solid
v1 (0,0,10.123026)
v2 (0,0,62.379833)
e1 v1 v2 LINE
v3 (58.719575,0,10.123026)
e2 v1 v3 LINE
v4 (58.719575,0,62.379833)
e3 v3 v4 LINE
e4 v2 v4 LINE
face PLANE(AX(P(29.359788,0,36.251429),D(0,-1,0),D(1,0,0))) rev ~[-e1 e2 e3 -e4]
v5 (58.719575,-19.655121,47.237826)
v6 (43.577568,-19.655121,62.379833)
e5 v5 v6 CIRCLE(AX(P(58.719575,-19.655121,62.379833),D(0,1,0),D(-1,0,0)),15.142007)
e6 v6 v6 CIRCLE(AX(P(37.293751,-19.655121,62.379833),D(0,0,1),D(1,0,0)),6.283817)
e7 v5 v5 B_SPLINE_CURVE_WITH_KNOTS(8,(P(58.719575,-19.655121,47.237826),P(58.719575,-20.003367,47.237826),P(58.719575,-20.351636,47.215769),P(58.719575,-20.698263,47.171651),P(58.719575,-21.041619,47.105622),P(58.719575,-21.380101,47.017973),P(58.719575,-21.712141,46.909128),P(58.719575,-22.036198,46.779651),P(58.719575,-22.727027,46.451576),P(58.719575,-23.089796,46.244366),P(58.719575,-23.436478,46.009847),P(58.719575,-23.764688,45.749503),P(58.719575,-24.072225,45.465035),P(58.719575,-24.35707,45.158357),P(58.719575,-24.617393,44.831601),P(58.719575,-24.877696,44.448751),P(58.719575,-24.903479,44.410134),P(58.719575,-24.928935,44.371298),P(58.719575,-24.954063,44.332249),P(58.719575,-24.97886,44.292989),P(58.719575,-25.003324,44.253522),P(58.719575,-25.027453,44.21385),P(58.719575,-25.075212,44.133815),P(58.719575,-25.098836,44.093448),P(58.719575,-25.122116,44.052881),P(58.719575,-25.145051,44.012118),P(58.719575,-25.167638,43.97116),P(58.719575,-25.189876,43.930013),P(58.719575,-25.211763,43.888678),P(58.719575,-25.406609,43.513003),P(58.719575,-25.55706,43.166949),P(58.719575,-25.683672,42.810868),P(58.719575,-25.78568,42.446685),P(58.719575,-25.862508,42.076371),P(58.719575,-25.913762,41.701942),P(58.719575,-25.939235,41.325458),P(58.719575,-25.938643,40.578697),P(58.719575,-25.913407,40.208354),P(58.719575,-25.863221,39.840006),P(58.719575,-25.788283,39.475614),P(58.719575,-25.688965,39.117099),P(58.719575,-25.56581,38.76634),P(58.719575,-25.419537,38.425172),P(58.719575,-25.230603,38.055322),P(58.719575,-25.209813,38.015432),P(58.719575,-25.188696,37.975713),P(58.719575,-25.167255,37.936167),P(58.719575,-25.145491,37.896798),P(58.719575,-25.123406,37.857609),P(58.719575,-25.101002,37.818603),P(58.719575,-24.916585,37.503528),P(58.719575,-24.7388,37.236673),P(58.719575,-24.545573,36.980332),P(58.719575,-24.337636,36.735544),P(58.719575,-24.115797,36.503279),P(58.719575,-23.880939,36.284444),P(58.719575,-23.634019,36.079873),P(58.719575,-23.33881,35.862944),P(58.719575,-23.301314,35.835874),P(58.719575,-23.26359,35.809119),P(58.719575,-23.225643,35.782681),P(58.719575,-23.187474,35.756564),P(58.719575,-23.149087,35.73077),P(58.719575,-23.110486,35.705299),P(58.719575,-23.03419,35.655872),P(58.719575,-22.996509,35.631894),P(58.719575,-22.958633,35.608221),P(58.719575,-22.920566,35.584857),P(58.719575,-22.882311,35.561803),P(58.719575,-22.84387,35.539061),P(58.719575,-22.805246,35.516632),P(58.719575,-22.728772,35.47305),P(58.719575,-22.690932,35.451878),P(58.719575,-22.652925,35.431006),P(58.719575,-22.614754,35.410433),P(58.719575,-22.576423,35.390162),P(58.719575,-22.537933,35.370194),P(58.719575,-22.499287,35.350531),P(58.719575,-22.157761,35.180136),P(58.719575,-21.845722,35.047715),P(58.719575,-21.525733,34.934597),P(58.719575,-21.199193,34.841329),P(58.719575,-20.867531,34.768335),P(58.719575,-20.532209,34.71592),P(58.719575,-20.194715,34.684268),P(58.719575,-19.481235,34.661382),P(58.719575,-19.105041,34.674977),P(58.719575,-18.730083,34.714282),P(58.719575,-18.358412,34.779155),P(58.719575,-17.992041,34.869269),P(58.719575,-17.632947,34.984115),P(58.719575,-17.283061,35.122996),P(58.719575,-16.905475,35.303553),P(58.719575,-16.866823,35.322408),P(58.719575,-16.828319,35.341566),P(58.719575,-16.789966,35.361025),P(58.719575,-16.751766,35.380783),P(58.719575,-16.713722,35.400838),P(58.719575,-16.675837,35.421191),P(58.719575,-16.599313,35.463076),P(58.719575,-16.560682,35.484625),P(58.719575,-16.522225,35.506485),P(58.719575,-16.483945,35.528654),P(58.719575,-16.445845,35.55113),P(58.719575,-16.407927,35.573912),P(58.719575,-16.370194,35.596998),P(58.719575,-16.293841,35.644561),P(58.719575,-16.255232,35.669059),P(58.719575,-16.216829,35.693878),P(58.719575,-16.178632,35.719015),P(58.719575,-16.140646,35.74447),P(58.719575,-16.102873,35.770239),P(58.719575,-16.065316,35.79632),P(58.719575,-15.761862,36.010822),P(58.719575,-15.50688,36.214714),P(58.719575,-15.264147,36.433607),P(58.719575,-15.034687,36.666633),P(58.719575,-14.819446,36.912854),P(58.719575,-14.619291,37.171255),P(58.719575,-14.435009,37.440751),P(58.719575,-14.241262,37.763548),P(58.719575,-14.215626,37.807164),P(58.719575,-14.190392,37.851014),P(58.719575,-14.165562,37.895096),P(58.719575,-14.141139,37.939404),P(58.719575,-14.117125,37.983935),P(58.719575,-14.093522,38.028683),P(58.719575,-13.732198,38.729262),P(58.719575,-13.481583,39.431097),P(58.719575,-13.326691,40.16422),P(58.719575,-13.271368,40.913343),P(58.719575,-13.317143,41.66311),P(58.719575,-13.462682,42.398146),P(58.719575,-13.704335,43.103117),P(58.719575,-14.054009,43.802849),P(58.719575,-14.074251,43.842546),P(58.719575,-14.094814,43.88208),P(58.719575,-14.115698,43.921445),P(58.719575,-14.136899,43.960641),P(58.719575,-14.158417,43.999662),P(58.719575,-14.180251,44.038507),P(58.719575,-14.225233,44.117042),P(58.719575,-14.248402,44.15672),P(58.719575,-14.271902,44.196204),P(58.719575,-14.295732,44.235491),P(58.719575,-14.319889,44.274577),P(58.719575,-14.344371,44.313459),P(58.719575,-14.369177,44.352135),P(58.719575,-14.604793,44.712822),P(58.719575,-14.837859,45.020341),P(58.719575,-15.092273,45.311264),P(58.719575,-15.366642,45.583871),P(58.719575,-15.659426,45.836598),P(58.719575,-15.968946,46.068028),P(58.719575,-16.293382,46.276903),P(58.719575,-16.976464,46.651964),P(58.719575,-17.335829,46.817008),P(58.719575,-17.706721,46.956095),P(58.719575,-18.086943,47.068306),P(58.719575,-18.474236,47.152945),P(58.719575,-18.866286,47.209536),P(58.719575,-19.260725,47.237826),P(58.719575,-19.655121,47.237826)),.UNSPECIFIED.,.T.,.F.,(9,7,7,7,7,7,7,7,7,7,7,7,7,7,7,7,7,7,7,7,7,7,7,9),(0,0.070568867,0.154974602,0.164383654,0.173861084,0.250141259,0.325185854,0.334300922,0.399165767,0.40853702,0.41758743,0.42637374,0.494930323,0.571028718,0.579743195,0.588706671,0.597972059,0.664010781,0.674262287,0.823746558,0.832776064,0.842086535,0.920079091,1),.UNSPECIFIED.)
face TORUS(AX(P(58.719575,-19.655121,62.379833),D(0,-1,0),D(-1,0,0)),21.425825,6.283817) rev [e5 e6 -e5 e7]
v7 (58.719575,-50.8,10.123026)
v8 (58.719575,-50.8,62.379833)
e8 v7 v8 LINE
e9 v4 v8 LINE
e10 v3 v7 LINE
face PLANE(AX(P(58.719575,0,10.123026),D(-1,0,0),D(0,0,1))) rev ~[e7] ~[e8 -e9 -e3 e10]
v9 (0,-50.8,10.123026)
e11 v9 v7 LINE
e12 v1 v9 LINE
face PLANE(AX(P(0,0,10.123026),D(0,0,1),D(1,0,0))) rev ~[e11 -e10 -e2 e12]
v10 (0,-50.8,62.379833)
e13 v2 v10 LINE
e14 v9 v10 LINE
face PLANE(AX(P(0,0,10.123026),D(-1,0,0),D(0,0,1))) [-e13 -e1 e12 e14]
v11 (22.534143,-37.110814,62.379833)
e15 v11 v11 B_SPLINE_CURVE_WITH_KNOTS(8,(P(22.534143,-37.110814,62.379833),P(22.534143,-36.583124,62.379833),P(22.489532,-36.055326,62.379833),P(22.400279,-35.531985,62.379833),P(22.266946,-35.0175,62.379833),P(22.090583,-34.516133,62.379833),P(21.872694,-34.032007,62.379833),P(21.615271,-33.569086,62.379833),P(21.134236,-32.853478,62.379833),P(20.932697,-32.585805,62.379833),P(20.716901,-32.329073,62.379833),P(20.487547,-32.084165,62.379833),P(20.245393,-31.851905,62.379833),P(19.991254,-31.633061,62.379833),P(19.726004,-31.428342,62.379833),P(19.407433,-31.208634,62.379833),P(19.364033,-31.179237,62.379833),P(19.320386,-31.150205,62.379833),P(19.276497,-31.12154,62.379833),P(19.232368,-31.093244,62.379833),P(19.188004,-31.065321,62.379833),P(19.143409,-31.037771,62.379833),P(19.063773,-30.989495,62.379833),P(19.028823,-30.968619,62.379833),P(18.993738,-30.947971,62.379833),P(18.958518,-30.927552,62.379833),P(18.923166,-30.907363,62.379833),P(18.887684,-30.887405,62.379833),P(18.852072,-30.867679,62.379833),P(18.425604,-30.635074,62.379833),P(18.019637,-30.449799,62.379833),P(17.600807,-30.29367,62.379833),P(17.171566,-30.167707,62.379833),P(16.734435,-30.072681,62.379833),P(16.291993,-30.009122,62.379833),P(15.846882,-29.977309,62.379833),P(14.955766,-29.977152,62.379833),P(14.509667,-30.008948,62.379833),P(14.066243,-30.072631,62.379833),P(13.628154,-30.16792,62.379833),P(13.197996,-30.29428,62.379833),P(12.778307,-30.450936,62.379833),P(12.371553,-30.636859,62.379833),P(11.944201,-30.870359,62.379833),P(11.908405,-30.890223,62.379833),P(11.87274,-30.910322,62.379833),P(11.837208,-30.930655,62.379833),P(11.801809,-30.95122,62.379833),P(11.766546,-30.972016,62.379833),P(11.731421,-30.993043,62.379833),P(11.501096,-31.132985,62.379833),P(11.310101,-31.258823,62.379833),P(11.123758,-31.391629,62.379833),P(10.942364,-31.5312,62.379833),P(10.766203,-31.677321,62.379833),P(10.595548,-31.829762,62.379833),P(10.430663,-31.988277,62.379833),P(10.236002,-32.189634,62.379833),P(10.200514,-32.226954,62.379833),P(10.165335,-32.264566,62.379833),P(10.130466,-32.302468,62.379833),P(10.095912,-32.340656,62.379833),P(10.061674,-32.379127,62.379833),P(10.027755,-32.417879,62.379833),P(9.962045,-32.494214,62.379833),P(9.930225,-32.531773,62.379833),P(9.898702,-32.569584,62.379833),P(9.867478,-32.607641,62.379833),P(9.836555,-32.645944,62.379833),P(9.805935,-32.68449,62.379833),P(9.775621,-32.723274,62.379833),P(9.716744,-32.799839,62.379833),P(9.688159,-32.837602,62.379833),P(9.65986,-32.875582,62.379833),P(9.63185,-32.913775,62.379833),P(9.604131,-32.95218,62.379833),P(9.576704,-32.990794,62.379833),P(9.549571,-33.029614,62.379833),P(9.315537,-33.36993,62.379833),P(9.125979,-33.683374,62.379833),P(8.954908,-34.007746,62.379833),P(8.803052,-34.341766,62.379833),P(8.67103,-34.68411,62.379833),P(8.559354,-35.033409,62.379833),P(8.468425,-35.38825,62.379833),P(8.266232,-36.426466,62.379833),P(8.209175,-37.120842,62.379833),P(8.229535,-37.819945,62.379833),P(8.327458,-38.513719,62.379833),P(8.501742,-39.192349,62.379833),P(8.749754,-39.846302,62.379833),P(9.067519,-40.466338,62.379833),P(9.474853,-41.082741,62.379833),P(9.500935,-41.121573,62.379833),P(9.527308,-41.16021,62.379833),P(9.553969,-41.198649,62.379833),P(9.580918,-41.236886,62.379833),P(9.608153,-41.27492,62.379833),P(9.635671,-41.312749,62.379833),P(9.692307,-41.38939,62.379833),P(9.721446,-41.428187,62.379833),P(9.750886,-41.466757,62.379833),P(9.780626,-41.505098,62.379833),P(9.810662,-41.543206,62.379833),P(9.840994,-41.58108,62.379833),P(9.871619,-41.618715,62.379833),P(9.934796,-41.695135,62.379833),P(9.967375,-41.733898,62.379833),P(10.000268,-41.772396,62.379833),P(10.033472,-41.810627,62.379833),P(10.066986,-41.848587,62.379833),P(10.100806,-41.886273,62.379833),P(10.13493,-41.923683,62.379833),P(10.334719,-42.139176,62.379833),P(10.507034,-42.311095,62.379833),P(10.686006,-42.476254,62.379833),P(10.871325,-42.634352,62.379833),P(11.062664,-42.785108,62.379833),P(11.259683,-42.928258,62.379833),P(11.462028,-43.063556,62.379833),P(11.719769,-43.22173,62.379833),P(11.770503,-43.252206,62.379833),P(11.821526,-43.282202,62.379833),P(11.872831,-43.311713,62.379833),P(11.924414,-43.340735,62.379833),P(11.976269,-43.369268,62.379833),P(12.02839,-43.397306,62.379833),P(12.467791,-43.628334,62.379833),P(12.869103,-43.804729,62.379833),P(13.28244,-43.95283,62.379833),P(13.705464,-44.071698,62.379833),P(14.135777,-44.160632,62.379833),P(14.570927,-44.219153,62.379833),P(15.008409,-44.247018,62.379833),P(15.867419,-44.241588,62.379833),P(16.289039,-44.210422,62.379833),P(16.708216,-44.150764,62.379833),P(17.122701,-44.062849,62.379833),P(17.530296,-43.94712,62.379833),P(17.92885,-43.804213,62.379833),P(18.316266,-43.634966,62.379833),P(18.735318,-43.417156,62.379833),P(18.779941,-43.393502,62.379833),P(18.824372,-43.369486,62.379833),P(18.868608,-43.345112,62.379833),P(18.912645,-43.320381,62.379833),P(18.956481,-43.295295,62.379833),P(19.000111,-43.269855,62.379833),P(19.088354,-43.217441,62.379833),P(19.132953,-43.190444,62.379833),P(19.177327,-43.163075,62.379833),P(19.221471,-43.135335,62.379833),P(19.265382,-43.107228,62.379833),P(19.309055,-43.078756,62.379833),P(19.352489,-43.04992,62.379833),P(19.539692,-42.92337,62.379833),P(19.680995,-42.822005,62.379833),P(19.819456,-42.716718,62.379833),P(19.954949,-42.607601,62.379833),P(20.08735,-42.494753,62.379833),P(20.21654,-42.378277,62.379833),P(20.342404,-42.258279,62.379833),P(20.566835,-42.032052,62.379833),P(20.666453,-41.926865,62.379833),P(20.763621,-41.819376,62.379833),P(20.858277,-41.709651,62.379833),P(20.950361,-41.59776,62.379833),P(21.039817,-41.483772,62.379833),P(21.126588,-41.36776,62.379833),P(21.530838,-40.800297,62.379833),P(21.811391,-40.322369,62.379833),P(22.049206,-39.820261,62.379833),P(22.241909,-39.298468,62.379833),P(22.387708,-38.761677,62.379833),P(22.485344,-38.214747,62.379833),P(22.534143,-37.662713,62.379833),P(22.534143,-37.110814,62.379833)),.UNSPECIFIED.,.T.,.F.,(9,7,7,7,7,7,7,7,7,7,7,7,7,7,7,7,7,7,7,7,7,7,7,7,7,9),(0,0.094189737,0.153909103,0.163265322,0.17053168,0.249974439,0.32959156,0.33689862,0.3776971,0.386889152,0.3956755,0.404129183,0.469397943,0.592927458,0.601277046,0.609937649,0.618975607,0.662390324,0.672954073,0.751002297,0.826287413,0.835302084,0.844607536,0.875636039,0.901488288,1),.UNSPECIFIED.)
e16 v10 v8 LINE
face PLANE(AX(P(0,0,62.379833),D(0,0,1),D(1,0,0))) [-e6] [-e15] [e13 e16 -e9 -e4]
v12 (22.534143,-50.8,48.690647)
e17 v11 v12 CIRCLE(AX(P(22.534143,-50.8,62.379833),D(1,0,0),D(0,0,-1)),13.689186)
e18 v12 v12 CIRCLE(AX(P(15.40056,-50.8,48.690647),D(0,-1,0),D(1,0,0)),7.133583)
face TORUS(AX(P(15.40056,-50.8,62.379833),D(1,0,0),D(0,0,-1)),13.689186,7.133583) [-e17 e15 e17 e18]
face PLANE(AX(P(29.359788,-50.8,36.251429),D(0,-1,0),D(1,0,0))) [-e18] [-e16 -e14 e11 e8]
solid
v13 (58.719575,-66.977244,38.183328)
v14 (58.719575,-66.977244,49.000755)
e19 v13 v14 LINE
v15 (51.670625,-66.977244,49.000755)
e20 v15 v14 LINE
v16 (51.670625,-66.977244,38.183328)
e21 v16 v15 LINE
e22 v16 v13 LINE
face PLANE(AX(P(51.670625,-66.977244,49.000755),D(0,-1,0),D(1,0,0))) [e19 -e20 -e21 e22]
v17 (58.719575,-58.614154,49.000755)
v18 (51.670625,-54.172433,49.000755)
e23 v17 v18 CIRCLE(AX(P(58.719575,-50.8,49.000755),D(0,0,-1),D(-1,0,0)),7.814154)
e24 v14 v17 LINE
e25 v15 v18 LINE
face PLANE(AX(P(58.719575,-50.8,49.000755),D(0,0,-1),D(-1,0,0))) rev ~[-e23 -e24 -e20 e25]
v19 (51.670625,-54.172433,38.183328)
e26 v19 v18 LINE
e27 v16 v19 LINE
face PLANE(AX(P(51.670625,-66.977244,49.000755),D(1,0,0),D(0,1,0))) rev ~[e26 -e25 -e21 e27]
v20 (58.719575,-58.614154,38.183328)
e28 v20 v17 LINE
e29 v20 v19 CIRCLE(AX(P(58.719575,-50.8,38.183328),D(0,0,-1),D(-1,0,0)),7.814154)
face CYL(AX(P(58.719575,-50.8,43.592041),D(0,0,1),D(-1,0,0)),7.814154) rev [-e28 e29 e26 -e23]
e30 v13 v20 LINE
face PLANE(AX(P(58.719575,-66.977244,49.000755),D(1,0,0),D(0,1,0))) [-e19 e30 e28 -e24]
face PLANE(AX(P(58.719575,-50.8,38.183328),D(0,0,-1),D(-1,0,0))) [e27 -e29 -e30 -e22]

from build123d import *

# Parameters (mm, degrees)
F0_W      = 58.7195754051
F0_H      = 52.2568076849
F1_DEPTH  = 50.8
F2_R      = 7.1335833388
F4_W      = 9.8321177065
F4_H      = 10.8174271882
F6_R      = 6.2838171935
F9_W      = 7.0489501051
F9_H      = 16.1772435407
F10_DEPTH = 12.7


with BuildPart() as f1:
    # F0 (on Front) → F1 (new body)
    with BuildSketch(Plane.XZ):
        with Locations((29.3597877026, 36.2514294684)):
            Rectangle(F0_W, F0_H)
    extrude(amount=F1_DEPTH)

    # F2 (on face) → F3 (revolve)
    with BuildSketch(Plane.XZ.offset(50.8)):
        with Locations((15.4005596414, 48.6906468868)):
            Circle(F2_R)
    revolve(axis=Axis((29.3597877026, -50.8, 62.3798333108), (1, 0, 0)))


with BuildPart() as f5:
    # F4 (on face) → F5 (revolve)
    with BuildSketch(Plane.XZ.offset(50.8)):
        with Locations((45.989362523, 43.5920413584)):
            Rectangle(F4_W, F4_H)
    revolve(axis=Axis((58.7195754051, -50.8, 36.2514294684), (0, 0, -1)))


with BuildPart() as f7:
    # F6 (on face) → F7 (revolve)
    with BuildSketch(Plane.XY.offset(62.3798333108)):
        with Locations((37.2937507927, -19.6551214904)):
            Circle(F6_R)
    revolve(axis=Axis((58.7195754051, -25.4, 62.3798333108), (0, 1, 0)))


with BuildPart() as f1_1:
    add(f1.part)

    # F8: cut F7
    add(f7.part, mode=Mode.SUBTRACT)


with BuildPart() as f10:
    # F9 (on face) → F10 (new body, symmetric)
    with BuildSketch(Plane.XY.offset(49.0007549524)):
        with Locations((55.1951003526, -58.8886217704)):
            Rectangle(F9_W, F9_H)
    extrude(amount=F10_DEPTH, both=True)

    # F11: intersect F5
    add(f5.part, mode=Mode.INTERSECT)


solid = Compound([f1_1.part, f10.part])
